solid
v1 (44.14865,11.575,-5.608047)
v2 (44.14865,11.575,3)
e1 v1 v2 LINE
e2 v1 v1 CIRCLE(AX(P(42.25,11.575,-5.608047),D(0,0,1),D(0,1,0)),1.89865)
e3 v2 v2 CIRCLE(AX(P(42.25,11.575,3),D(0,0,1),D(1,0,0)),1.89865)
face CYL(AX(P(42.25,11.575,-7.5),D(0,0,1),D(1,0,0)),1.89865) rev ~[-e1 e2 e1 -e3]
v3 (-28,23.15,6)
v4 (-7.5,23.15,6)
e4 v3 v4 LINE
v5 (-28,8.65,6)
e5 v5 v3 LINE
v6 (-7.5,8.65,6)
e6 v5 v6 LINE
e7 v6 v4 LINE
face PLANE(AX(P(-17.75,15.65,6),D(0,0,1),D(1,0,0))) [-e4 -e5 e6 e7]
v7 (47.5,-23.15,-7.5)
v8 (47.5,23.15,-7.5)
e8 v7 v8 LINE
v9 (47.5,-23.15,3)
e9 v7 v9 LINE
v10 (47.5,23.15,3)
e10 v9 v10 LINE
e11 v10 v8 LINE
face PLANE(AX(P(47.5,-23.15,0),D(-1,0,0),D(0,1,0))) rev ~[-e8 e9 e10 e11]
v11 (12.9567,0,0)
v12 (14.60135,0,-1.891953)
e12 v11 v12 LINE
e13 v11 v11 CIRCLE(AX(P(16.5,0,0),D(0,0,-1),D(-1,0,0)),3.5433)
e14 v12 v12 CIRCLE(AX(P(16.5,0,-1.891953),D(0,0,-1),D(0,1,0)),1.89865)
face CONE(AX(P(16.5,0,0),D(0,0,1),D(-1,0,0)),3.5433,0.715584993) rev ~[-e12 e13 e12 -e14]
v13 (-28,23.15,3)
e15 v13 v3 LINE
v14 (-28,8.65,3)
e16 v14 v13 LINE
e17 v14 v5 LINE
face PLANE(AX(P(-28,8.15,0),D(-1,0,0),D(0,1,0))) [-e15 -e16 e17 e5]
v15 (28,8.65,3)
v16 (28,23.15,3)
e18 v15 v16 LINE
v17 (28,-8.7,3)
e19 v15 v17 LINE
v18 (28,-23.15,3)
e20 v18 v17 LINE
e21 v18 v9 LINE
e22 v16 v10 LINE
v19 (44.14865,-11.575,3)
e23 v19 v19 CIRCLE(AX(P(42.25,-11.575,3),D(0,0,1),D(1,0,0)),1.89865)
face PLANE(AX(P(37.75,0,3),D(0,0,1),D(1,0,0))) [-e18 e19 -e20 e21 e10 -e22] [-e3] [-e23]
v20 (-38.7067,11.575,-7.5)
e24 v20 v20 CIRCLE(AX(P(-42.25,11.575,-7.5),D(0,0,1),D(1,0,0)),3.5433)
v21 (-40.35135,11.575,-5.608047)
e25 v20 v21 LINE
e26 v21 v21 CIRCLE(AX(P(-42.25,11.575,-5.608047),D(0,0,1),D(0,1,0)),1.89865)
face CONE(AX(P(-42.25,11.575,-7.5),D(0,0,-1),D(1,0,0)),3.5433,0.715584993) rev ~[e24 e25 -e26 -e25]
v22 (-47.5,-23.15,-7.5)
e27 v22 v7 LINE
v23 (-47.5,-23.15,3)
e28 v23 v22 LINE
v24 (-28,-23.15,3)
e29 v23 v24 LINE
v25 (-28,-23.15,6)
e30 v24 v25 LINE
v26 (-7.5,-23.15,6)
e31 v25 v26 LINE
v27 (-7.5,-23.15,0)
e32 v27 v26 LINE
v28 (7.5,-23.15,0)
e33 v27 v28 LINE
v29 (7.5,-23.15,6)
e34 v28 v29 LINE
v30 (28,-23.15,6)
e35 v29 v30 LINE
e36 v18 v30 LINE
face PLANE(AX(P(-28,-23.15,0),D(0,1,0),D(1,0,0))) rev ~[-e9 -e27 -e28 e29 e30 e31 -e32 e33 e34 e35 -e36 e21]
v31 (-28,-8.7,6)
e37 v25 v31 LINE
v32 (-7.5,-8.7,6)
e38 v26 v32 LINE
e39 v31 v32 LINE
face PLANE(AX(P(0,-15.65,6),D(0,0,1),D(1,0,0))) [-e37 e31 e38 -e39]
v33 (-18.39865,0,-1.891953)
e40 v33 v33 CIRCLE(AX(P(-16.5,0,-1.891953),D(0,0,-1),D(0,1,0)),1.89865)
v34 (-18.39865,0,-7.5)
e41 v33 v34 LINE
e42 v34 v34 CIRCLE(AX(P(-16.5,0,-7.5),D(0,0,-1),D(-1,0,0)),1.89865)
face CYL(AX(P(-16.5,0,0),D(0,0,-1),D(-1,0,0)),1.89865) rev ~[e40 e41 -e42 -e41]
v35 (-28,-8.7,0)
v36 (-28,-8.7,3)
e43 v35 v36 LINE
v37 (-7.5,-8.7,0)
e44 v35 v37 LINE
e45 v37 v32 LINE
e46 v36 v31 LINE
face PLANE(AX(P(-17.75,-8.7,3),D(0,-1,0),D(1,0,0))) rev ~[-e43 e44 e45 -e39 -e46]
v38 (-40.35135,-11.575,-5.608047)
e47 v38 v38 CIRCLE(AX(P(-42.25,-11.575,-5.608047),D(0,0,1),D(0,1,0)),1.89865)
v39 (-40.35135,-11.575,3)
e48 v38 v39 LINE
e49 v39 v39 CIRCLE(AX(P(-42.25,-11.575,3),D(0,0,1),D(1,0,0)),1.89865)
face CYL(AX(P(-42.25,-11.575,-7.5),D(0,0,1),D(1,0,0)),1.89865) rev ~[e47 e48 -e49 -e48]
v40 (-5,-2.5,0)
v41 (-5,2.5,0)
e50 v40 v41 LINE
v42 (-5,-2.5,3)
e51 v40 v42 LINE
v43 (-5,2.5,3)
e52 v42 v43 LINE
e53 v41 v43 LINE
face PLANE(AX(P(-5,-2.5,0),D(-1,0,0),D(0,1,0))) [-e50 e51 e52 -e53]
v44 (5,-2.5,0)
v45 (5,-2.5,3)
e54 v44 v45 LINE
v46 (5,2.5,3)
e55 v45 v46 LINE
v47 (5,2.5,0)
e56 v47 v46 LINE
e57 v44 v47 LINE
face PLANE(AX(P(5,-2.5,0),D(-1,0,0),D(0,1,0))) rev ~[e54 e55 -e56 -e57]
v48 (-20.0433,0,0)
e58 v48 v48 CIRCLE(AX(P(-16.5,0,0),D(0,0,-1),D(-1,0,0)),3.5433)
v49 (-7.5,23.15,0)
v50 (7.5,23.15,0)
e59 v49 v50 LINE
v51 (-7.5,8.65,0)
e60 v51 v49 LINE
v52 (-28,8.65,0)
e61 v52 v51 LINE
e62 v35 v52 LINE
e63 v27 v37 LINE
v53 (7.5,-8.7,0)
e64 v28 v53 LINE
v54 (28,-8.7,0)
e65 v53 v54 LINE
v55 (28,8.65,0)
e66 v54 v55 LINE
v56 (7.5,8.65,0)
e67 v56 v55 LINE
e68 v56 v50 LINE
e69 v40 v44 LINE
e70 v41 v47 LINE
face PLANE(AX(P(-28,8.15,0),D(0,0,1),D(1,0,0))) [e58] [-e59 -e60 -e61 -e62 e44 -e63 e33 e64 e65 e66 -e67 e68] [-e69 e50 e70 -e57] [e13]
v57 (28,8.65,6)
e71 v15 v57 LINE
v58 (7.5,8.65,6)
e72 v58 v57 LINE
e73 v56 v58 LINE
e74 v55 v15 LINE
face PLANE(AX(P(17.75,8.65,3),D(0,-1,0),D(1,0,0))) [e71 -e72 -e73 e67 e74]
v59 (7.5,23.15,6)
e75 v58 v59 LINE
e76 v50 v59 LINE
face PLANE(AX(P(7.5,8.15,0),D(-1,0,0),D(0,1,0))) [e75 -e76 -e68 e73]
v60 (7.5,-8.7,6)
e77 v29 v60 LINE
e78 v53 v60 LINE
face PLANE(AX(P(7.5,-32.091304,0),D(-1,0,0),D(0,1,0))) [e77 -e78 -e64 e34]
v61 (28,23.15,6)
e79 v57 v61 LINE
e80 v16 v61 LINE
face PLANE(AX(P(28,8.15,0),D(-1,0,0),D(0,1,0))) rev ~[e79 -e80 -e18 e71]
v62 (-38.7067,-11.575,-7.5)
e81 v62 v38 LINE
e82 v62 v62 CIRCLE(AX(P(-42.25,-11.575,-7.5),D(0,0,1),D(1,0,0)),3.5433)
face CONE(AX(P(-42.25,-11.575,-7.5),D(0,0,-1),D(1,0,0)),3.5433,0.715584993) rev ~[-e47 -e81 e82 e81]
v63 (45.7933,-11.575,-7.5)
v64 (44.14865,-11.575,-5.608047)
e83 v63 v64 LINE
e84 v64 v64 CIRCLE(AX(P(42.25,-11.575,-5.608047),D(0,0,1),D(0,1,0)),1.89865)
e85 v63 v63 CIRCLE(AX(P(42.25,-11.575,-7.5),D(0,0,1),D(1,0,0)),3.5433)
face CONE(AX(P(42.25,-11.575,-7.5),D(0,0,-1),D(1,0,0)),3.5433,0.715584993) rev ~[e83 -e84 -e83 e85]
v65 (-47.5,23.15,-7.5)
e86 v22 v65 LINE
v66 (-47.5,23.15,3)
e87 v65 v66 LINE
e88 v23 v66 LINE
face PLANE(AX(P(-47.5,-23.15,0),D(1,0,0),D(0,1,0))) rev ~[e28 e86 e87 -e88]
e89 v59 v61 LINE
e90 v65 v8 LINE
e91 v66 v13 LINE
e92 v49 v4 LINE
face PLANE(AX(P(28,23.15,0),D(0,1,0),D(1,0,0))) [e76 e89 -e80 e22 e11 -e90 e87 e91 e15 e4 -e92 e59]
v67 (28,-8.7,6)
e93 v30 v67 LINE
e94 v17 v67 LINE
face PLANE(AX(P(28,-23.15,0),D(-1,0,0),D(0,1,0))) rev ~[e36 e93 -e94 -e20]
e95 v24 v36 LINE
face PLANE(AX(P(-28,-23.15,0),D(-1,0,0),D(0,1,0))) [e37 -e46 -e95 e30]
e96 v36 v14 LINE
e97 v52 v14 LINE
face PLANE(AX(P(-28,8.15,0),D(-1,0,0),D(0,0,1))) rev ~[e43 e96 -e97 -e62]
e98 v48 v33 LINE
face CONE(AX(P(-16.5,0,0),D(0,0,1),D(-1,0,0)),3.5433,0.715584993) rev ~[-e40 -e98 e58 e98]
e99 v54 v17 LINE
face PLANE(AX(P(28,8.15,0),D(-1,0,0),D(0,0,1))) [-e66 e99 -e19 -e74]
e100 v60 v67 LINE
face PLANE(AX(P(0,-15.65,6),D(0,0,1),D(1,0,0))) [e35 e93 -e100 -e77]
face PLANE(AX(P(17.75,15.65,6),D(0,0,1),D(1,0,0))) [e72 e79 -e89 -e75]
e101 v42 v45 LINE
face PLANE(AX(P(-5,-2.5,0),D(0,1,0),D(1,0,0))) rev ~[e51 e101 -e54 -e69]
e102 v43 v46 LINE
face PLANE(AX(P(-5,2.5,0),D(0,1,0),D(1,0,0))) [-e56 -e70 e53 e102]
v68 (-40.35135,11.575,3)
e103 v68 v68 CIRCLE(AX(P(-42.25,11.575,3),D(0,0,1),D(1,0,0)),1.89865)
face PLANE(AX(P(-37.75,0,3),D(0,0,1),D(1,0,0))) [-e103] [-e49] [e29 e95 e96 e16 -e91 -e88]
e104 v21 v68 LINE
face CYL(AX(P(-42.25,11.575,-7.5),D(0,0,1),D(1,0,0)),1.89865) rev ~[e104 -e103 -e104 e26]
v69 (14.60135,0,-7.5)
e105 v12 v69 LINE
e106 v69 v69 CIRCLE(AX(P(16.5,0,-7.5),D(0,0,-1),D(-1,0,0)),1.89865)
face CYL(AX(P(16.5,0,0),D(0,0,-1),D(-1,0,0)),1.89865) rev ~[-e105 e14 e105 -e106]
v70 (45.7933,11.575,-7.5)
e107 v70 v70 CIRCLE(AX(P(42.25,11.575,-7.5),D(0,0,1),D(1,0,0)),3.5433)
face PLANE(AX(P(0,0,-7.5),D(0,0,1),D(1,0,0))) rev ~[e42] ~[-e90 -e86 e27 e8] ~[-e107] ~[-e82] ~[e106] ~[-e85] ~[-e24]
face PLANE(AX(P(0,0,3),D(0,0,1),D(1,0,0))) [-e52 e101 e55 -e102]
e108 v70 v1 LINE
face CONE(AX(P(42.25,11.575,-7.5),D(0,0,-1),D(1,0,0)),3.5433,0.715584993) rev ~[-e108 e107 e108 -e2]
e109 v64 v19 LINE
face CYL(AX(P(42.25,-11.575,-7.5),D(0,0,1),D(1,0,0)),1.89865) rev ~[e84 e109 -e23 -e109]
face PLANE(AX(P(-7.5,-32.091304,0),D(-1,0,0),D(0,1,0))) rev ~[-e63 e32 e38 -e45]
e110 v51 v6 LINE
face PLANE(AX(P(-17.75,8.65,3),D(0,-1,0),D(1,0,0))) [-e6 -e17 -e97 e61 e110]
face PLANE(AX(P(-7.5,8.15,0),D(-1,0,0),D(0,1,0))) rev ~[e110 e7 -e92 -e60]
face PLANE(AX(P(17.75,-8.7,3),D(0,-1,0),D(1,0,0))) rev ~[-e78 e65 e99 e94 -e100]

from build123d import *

# Parameters (mm, degrees)
SKETCH2_W                                      = 95
SKETCH2_H                                      = 46.3
BOSS_EXTRUDE1_DEPTH                            = 7.5
SKETCH3_W                                      = 10
SKETCH3_H                                      = 5
SKETCH3_W_2                                    = 19.5
SKETCH3_H_2                                    = 46.3
BOSS_EXTRUDE2_DEPTH                            = 3
SKETCH4_W                                      = 56
SKETCH4_H                                      = 15
SKETCH4_W_2                                    = 20.5
BOSS_EXTRUDE3_DEPTH                            = 6
CSK_FOR_6_FLAT_HEAD_MACHINE_SCREW1_D           = 3.7973
CSK_FOR_6_FLAT_HEAD_MACHINE_SCREW1_CSINK_D     = 7.0866
CSK_FOR_6_FLAT_HEAD_MACHINE_SCREW1_CSINK_ANGLE = 82
CSK_FOR_6_FLAT_HEAD_MACHINE_SCREW2_D           = 3.7973
CSK_FOR_6_FLAT_HEAD_MACHINE_SCREW2_CSINK_D     = 7.0866
CSK_FOR_6_FLAT_HEAD_MACHINE_SCREW2_CSINK_ANGLE = 82
SKETCH18_W                                     = 15
SKETCH18_H                                     = 25.808879712
CUT_EXTRUDE4_DEPTH                             = 6
SKETCH19_W                                     = 20.5
SKETCH19_H                                     = 6
CUT_EXTRUDE5_DEPTH                             = 16.85
CUT_EXTRUDE5_DEPTH_BACK                        = 0.5


with BuildPart() as part:
    # Sketch2 → Boss-Extrude1 (new body)
    with BuildSketch(Plane.XY):
        Rectangle(SKETCH2_W, SKETCH2_H)
    extrude(amount=-BOSS_EXTRUDE1_DEPTH)

    # Sketch3 → Boss-Extrude2 (add)
    with BuildSketch(Plane.XY):
        Rectangle(SKETCH3_W, SKETCH3_H)
        with Locations((37.75, 0)):
            Rectangle(SKETCH3_W_2, SKETCH3_H_2)
        with Locations((-37.75, 0)):
            Rectangle(SKETCH3_W_2, SKETCH3_H_2)
    extrude(amount=BOSS_EXTRUDE2_DEPTH)

    # Sketch4 → Boss-Extrude3 (add)
    with BuildSketch(Plane.XY):
        with Locations((0, -15.65)):
            Rectangle(SKETCH4_W, SKETCH4_H)
        with Locations((17.75, 15.65)):
            Rectangle(SKETCH4_W_2, SKETCH4_H)
        with Locations((-17.75, 15.65)):
            Rectangle(SKETCH4_W_2, SKETCH4_H)
    extrude(amount=BOSS_EXTRUDE3_DEPTH)

    # CSK for #6 Flat Head Machine Screw1 (through all)
    with Locations(Plane.XY):
        with Locations((16.5, 0), (-16.5, 0)):
            CounterSinkHole(CSK_FOR_6_FLAT_HEAD_MACHINE_SCREW1_D / 2, CSK_FOR_6_FLAT_HEAD_MACHINE_SCREW1_CSINK_D / 2, counter_sink_angle=CSK_FOR_6_FLAT_HEAD_MACHINE_SCREW1_CSINK_ANGLE)

    # CSK for #6 Flat Head Machine Screw2 (through all)
    with Locations(Plane(origin=(0, 0, -7.5), x_dir=(-1, 0, 0), z_dir=(0, 0, -1))):
        with Locations((42.25, 11.575), (42.25, -11.575), (-42.25, 11.575), (-42.25, -11.575)):
            CounterSinkHole(CSK_FOR_6_FLAT_HEAD_MACHINE_SCREW2_D / 2, CSK_FOR_6_FLAT_HEAD_MACHINE_SCREW2_CSINK_D / 2, counter_sink_angle=CSK_FOR_6_FLAT_HEAD_MACHINE_SCREW2_CSINK_ANGLE)

    # Sketch18 → Cut-Extrude4 (cut)
    with BuildSketch(Plane.XY):
        with Locations((0, -19.186864523)):
            Rectangle(SKETCH18_W, SKETCH18_H)
    extrude(amount=CUT_EXTRUDE4_DEPTH, mode=Mode.SUBTRACT)

    # Sketch19 → Cut-Extrude5 (cut, two sides)
    with BuildSketch(Plane.XZ.offset(-8.15)) as cut_extrude5_sk:
        with Locations((-17.75, 3)):
            Rectangle(SKETCH19_W, SKETCH19_H)
        with Locations((17.75, 3)):
            Rectangle(SKETCH19_W, SKETCH19_H)
    extrude(amount=CUT_EXTRUDE5_DEPTH, mode=Mode.SUBTRACT)
    extrude(cut_extrude5_sk.sketch, amount=-CUT_EXTRUDE5_DEPTH_BACK, mode=Mode.SUBTRACT)


solid = part.part
